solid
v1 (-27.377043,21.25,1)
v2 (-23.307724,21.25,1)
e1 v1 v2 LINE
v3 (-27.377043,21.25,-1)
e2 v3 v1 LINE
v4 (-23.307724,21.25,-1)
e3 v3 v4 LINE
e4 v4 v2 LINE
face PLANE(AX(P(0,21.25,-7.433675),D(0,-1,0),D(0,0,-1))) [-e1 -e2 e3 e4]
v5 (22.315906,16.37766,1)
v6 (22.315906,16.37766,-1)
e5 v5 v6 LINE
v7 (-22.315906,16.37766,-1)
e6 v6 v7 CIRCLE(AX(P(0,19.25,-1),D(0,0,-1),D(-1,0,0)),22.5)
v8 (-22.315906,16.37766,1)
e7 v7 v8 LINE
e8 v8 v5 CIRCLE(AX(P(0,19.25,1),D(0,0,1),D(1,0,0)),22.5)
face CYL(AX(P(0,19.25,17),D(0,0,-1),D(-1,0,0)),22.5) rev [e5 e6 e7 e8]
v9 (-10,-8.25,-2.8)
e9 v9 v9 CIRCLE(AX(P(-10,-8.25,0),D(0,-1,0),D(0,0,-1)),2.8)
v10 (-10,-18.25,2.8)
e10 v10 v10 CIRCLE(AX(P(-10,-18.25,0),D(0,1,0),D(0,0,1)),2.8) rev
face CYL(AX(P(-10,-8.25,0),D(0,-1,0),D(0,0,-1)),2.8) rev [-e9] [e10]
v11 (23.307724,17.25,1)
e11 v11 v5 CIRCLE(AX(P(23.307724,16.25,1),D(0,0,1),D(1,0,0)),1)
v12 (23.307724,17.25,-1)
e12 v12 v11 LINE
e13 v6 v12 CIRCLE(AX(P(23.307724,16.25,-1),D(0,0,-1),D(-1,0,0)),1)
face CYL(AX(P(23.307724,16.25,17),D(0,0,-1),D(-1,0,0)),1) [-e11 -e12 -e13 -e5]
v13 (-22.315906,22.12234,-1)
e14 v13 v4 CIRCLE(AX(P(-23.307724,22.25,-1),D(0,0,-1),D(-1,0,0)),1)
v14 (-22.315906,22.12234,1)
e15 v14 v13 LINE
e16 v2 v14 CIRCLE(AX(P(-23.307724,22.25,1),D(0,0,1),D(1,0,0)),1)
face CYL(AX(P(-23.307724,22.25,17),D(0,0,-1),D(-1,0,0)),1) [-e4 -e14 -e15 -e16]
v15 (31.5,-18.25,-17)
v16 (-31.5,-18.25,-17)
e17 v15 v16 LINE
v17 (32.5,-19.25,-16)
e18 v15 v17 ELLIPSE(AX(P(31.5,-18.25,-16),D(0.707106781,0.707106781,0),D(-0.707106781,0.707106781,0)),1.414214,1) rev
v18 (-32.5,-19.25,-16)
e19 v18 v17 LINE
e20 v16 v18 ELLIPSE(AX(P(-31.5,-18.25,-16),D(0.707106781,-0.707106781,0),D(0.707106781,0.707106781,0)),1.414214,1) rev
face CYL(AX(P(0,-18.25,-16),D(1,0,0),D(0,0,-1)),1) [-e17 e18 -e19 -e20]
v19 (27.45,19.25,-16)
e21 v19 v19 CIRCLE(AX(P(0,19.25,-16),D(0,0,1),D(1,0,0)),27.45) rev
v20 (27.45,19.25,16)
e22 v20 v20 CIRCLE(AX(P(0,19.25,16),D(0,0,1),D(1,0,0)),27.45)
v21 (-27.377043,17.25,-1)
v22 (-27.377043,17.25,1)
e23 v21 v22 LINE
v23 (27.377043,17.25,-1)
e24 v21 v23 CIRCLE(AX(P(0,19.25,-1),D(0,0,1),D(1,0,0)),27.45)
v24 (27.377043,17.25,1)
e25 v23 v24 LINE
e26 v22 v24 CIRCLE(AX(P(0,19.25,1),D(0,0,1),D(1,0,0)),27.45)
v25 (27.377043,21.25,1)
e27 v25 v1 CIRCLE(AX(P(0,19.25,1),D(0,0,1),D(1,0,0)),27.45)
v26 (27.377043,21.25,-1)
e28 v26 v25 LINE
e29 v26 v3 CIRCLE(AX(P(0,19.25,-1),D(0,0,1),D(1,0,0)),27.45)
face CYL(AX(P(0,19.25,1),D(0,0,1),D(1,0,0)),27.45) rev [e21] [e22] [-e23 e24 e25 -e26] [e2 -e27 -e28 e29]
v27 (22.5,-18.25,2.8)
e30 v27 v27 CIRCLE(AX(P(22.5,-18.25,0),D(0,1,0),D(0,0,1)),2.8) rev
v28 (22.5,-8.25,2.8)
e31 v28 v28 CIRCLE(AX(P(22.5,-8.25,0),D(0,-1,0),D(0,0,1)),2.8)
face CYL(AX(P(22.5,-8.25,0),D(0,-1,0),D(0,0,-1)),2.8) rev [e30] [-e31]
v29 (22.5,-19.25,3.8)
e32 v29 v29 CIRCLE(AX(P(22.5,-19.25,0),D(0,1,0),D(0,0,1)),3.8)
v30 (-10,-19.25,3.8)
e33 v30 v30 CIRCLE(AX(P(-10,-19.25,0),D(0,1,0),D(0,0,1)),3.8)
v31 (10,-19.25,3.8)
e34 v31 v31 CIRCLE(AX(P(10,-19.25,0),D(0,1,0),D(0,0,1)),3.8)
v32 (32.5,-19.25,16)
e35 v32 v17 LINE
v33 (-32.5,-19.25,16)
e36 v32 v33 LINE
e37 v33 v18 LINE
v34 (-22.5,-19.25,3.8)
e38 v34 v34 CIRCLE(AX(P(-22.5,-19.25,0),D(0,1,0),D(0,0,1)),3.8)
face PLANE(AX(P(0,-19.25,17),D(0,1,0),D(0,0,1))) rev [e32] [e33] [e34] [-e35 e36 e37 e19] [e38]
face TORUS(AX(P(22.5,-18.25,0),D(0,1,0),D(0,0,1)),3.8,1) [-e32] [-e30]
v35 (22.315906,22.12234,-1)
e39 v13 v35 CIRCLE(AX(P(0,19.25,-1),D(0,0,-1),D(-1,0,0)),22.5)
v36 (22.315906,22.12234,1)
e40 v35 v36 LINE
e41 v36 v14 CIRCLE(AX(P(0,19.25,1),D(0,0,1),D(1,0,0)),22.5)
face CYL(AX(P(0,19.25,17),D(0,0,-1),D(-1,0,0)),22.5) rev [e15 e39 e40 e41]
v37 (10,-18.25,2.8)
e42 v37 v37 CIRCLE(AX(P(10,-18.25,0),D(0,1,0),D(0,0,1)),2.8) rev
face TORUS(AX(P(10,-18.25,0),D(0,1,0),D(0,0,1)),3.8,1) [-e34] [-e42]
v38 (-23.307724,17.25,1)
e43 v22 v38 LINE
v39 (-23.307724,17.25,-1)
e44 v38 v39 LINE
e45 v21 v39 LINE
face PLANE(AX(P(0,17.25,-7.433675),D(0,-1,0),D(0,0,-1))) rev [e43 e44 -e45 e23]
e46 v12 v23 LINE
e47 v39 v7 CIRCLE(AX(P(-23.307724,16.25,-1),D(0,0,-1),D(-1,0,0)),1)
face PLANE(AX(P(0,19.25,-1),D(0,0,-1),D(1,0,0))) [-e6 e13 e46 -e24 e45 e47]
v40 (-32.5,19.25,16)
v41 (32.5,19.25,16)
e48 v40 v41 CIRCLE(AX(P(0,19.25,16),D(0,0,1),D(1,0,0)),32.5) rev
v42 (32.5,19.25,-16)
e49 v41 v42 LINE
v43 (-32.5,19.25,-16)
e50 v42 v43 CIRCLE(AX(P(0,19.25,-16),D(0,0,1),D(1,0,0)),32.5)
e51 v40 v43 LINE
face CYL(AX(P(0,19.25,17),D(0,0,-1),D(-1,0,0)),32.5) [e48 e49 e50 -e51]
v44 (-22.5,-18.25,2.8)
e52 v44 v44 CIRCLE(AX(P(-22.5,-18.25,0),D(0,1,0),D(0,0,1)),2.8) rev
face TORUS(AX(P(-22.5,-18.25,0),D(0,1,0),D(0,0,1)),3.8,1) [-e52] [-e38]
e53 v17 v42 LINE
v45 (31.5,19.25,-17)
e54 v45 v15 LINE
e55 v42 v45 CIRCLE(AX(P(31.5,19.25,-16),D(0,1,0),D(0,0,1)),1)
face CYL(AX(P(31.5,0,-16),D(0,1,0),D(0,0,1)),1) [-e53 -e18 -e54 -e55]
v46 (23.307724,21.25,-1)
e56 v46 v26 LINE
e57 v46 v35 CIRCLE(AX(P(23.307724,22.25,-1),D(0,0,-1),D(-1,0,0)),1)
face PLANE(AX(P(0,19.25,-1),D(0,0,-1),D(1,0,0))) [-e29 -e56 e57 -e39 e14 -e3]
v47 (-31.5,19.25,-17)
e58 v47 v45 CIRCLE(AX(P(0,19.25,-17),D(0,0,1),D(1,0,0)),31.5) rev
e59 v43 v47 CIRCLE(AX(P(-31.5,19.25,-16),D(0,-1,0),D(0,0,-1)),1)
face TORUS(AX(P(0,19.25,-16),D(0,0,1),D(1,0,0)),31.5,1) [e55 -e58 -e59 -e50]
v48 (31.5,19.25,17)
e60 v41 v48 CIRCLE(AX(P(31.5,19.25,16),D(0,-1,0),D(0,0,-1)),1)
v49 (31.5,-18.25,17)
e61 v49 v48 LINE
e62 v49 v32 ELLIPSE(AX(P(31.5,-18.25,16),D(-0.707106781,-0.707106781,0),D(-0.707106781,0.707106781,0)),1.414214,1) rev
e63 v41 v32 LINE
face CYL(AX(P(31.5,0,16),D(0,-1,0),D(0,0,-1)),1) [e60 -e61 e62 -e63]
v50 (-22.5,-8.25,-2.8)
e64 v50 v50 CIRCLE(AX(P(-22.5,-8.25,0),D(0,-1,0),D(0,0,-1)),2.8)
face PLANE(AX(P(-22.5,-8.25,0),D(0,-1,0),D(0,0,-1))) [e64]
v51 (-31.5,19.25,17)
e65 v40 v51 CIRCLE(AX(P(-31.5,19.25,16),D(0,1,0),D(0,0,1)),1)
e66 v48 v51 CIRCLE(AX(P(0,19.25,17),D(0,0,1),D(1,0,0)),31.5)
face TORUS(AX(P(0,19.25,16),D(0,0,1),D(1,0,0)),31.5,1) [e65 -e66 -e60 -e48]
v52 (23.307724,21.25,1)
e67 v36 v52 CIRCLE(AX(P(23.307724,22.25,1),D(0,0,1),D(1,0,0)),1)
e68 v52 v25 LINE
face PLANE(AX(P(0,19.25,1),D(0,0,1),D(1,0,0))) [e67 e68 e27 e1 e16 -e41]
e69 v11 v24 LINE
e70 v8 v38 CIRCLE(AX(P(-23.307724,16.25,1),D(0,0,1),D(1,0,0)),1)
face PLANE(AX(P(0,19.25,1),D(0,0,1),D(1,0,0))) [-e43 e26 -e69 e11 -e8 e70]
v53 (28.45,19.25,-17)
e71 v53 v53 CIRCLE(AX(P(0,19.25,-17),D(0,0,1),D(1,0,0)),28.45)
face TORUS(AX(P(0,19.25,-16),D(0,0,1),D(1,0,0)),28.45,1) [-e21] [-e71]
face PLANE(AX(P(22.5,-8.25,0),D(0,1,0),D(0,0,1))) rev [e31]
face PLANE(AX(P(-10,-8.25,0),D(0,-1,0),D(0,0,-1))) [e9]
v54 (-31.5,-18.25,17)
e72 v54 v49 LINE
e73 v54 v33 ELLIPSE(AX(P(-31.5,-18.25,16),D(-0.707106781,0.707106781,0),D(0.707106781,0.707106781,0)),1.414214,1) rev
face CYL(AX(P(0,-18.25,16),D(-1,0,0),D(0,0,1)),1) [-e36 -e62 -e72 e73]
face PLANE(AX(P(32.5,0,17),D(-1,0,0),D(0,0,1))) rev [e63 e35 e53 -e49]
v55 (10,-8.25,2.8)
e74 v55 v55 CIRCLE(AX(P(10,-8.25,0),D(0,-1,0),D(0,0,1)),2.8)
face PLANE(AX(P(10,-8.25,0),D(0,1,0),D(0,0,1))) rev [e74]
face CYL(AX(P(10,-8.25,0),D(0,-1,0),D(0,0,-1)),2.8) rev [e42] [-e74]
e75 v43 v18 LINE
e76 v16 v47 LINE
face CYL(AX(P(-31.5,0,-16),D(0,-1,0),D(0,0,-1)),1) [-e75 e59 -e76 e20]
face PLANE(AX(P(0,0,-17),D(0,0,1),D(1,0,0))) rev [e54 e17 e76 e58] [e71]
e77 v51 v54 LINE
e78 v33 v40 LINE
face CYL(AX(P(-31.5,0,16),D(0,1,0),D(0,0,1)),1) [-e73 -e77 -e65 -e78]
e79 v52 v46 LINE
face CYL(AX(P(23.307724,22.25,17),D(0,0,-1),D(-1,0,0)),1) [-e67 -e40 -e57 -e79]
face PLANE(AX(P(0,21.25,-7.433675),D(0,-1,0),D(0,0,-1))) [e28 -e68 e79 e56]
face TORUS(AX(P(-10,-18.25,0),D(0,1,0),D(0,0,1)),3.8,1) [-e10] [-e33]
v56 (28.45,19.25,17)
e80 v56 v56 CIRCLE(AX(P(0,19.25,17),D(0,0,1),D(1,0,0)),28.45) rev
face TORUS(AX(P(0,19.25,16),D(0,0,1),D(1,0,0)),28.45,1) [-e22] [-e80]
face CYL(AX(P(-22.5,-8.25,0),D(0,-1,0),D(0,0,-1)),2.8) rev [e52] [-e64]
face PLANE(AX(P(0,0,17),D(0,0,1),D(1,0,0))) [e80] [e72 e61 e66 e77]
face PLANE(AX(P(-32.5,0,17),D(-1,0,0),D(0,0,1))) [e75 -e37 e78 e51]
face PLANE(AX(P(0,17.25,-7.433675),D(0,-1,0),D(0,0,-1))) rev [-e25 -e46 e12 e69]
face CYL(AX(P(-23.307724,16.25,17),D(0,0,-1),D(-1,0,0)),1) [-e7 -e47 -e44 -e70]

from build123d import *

# Parameters (mm, degrees)
AUFSATZ_LINEAR_AUSTRAGEN1_DEPTH = 17
SKIZZE3_R                       = 27.45
SCHNITT_LINEAR_AUSTRAGEN1_DEPTH = 16
SKIZZE4_R                       = 2.8
SCHNITT_LINEAR_AUSTRAGEN2_DEPTH = 11
SCHNITT_LINEAR_AUSTRAGEN3_DEPTH = 2
VERRUNDUNG1_R                   = 1


with BuildPart() as part:
    # Skizze1 → Aufsatz-Linear austragen1 (new, symmetric)
    with BuildSketch(Plane.XY):
        with BuildLine():
            ThreePointArc((32.5, 19.25), (0, 51.75), (-32.5, 19.25))
            Line((-32.5, 19.25), (-22.5, 19.25))
            ThreePointArc((-22.5, 19.25), (0, 41.75), (22.5, 19.25))
            Line((22.5, 19.25), (32.5, 19.25))
        make_face()
        with BuildLine():
            Line((-22.5, 19.25), (-32.5, 19.25))
            ThreePointArc((-32.5, 19.25), (0, -13.25), (32.5, 19.25))
            Line((32.5, 19.25), (22.5, 19.25))
            ThreePointArc((22.5, 19.25), (0, -3.25), (-22.5, 19.25))
        make_face()
        with BuildLine():
            Line((-32.5, 19.25), (-32.5, -19.25))
            Line((-32.5, -19.25), (32.5, -19.25))
            Line((32.5, -19.25), (32.5, 19.25))
            ThreePointArc((32.5, 19.25), (0, -13.25), (-32.5, 19.25))
        make_face()
    extrude(amount=AUFSATZ_LINEAR_AUSTRAGEN1_DEPTH, both=True)

    # Skizze3 → Schnitt-Linear austragen1 (cut)
    with BuildSketch(Plane.XY.offset(17)):
        with Locations((0, 19.25)):
            Circle(SKIZZE3_R)
    schnitt_linear_austragen1 = extrude(amount=-SCHNITT_LINEAR_AUSTRAGEN1_DEPTH, mode=Mode.SUBTRACT)

    # Spiegeln1: Schnitt-Linear austragen1 across plane
    add(schnitt_linear_austragen1.mirror(Plane.XY), mode=Mode.SUBTRACT)

    # Skizze4 → Schnitt-Linear austragen2 (cut)
    with BuildSketch(Plane.XZ.offset(19.25)):
        with Locations(Location((-22.5, 0, 0), (0, 0, 270))):
            Circle(SKIZZE4_R)
        with Locations(Location((-10, 0, 0), (0, 0, 270))):
            Circle(SKIZZE4_R)
        with Locations(Location((10, 0, 0), (0, 0, 90))):
            Circle(SKIZZE4_R)
        with Locations(Location((22.5, 0, 0), (0, 0, 90))):
            Circle(SKIZZE4_R)
    extrude(amount=-SCHNITT_LINEAR_AUSTRAGEN2_DEPTH, mode=Mode.SUBTRACT)

    # Skizze5 → Schnitt-Linear austragen3 (cut)
    with BuildSketch(Plane.XY.offset(1)):
        with BuildLine():
            ThreePointArc((-22.410934831, 17.25), (-22.5, 19.25), (-22.410934831, 21.25))
            Line((-22.410934831, 21.25), (-27.377043303, 21.25))
            ThreePointArc((-27.377043303, 21.25), (-27.45, 19.25), (-27.377043303, 17.25))
            Line((-27.377043303, 17.25), (-22.410934831, 17.25))
        make_face()
        with BuildLine():
            ThreePointArc((22.410934831, 21.25), (22.477722679, 20.250991084), (22.5, 19.25))
            Line((22.5, 19.25), (27.45, 19.25))
            ThreePointArc((27.45, 19.25), (27.431754762, 20.250665114), (27.377043303, 21.25))
            Line((27.377043303, 21.25), (22.410934831, 21.25))
        make_face()
        with BuildLine():
            Line((27.45, 19.25), (22.5, 19.25))
            ThreePointArc((22.5, 19.25), (22.477722679, 18.249008916), (22.410934831, 17.25))
            Line((22.410934831, 17.25), (27.377043303, 17.25))
            ThreePointArc((27.377043303, 17.25), (27.431754762, 18.249334886), (27.45, 19.25))
        make_face()
    extrude(amount=-SCHNITT_LINEAR_AUSTRAGEN3_DEPTH, mode=Mode.SUBTRACT)

    # Verrundung1
    verrundung1_edges = [part.edges().sort_by_distance(p)[0] for p in [
        (-32.5, 0, 17),
        (0, -19.25, 17),
        (32.5, 0, 17),
        (-27.45, 19.25, 17),
        (-27.45, 19.25, -17),
        (-22.5, -19.25, 2.8),
        (-10, -19.25, 2.8),
        (10, -19.25, -2.8),
        (22.5, -19.25, -2.8),
        (0, 51.75, 17),
        (-22.410934831, 17.25, 0),
        (-22.410934831, 21.25, 0),
        (22.410934831, 21.25, 0),
        (22.410934831, 17.25, 0),
        (32.5, 0, -17),
        (0, -19.25, -17),
        (-32.5, 0, -17),
        (0, 51.75, -17),
    ]]
    fillet(verrundung1_edges, radius=VERRUNDUNG1_R)


solid = part.part
